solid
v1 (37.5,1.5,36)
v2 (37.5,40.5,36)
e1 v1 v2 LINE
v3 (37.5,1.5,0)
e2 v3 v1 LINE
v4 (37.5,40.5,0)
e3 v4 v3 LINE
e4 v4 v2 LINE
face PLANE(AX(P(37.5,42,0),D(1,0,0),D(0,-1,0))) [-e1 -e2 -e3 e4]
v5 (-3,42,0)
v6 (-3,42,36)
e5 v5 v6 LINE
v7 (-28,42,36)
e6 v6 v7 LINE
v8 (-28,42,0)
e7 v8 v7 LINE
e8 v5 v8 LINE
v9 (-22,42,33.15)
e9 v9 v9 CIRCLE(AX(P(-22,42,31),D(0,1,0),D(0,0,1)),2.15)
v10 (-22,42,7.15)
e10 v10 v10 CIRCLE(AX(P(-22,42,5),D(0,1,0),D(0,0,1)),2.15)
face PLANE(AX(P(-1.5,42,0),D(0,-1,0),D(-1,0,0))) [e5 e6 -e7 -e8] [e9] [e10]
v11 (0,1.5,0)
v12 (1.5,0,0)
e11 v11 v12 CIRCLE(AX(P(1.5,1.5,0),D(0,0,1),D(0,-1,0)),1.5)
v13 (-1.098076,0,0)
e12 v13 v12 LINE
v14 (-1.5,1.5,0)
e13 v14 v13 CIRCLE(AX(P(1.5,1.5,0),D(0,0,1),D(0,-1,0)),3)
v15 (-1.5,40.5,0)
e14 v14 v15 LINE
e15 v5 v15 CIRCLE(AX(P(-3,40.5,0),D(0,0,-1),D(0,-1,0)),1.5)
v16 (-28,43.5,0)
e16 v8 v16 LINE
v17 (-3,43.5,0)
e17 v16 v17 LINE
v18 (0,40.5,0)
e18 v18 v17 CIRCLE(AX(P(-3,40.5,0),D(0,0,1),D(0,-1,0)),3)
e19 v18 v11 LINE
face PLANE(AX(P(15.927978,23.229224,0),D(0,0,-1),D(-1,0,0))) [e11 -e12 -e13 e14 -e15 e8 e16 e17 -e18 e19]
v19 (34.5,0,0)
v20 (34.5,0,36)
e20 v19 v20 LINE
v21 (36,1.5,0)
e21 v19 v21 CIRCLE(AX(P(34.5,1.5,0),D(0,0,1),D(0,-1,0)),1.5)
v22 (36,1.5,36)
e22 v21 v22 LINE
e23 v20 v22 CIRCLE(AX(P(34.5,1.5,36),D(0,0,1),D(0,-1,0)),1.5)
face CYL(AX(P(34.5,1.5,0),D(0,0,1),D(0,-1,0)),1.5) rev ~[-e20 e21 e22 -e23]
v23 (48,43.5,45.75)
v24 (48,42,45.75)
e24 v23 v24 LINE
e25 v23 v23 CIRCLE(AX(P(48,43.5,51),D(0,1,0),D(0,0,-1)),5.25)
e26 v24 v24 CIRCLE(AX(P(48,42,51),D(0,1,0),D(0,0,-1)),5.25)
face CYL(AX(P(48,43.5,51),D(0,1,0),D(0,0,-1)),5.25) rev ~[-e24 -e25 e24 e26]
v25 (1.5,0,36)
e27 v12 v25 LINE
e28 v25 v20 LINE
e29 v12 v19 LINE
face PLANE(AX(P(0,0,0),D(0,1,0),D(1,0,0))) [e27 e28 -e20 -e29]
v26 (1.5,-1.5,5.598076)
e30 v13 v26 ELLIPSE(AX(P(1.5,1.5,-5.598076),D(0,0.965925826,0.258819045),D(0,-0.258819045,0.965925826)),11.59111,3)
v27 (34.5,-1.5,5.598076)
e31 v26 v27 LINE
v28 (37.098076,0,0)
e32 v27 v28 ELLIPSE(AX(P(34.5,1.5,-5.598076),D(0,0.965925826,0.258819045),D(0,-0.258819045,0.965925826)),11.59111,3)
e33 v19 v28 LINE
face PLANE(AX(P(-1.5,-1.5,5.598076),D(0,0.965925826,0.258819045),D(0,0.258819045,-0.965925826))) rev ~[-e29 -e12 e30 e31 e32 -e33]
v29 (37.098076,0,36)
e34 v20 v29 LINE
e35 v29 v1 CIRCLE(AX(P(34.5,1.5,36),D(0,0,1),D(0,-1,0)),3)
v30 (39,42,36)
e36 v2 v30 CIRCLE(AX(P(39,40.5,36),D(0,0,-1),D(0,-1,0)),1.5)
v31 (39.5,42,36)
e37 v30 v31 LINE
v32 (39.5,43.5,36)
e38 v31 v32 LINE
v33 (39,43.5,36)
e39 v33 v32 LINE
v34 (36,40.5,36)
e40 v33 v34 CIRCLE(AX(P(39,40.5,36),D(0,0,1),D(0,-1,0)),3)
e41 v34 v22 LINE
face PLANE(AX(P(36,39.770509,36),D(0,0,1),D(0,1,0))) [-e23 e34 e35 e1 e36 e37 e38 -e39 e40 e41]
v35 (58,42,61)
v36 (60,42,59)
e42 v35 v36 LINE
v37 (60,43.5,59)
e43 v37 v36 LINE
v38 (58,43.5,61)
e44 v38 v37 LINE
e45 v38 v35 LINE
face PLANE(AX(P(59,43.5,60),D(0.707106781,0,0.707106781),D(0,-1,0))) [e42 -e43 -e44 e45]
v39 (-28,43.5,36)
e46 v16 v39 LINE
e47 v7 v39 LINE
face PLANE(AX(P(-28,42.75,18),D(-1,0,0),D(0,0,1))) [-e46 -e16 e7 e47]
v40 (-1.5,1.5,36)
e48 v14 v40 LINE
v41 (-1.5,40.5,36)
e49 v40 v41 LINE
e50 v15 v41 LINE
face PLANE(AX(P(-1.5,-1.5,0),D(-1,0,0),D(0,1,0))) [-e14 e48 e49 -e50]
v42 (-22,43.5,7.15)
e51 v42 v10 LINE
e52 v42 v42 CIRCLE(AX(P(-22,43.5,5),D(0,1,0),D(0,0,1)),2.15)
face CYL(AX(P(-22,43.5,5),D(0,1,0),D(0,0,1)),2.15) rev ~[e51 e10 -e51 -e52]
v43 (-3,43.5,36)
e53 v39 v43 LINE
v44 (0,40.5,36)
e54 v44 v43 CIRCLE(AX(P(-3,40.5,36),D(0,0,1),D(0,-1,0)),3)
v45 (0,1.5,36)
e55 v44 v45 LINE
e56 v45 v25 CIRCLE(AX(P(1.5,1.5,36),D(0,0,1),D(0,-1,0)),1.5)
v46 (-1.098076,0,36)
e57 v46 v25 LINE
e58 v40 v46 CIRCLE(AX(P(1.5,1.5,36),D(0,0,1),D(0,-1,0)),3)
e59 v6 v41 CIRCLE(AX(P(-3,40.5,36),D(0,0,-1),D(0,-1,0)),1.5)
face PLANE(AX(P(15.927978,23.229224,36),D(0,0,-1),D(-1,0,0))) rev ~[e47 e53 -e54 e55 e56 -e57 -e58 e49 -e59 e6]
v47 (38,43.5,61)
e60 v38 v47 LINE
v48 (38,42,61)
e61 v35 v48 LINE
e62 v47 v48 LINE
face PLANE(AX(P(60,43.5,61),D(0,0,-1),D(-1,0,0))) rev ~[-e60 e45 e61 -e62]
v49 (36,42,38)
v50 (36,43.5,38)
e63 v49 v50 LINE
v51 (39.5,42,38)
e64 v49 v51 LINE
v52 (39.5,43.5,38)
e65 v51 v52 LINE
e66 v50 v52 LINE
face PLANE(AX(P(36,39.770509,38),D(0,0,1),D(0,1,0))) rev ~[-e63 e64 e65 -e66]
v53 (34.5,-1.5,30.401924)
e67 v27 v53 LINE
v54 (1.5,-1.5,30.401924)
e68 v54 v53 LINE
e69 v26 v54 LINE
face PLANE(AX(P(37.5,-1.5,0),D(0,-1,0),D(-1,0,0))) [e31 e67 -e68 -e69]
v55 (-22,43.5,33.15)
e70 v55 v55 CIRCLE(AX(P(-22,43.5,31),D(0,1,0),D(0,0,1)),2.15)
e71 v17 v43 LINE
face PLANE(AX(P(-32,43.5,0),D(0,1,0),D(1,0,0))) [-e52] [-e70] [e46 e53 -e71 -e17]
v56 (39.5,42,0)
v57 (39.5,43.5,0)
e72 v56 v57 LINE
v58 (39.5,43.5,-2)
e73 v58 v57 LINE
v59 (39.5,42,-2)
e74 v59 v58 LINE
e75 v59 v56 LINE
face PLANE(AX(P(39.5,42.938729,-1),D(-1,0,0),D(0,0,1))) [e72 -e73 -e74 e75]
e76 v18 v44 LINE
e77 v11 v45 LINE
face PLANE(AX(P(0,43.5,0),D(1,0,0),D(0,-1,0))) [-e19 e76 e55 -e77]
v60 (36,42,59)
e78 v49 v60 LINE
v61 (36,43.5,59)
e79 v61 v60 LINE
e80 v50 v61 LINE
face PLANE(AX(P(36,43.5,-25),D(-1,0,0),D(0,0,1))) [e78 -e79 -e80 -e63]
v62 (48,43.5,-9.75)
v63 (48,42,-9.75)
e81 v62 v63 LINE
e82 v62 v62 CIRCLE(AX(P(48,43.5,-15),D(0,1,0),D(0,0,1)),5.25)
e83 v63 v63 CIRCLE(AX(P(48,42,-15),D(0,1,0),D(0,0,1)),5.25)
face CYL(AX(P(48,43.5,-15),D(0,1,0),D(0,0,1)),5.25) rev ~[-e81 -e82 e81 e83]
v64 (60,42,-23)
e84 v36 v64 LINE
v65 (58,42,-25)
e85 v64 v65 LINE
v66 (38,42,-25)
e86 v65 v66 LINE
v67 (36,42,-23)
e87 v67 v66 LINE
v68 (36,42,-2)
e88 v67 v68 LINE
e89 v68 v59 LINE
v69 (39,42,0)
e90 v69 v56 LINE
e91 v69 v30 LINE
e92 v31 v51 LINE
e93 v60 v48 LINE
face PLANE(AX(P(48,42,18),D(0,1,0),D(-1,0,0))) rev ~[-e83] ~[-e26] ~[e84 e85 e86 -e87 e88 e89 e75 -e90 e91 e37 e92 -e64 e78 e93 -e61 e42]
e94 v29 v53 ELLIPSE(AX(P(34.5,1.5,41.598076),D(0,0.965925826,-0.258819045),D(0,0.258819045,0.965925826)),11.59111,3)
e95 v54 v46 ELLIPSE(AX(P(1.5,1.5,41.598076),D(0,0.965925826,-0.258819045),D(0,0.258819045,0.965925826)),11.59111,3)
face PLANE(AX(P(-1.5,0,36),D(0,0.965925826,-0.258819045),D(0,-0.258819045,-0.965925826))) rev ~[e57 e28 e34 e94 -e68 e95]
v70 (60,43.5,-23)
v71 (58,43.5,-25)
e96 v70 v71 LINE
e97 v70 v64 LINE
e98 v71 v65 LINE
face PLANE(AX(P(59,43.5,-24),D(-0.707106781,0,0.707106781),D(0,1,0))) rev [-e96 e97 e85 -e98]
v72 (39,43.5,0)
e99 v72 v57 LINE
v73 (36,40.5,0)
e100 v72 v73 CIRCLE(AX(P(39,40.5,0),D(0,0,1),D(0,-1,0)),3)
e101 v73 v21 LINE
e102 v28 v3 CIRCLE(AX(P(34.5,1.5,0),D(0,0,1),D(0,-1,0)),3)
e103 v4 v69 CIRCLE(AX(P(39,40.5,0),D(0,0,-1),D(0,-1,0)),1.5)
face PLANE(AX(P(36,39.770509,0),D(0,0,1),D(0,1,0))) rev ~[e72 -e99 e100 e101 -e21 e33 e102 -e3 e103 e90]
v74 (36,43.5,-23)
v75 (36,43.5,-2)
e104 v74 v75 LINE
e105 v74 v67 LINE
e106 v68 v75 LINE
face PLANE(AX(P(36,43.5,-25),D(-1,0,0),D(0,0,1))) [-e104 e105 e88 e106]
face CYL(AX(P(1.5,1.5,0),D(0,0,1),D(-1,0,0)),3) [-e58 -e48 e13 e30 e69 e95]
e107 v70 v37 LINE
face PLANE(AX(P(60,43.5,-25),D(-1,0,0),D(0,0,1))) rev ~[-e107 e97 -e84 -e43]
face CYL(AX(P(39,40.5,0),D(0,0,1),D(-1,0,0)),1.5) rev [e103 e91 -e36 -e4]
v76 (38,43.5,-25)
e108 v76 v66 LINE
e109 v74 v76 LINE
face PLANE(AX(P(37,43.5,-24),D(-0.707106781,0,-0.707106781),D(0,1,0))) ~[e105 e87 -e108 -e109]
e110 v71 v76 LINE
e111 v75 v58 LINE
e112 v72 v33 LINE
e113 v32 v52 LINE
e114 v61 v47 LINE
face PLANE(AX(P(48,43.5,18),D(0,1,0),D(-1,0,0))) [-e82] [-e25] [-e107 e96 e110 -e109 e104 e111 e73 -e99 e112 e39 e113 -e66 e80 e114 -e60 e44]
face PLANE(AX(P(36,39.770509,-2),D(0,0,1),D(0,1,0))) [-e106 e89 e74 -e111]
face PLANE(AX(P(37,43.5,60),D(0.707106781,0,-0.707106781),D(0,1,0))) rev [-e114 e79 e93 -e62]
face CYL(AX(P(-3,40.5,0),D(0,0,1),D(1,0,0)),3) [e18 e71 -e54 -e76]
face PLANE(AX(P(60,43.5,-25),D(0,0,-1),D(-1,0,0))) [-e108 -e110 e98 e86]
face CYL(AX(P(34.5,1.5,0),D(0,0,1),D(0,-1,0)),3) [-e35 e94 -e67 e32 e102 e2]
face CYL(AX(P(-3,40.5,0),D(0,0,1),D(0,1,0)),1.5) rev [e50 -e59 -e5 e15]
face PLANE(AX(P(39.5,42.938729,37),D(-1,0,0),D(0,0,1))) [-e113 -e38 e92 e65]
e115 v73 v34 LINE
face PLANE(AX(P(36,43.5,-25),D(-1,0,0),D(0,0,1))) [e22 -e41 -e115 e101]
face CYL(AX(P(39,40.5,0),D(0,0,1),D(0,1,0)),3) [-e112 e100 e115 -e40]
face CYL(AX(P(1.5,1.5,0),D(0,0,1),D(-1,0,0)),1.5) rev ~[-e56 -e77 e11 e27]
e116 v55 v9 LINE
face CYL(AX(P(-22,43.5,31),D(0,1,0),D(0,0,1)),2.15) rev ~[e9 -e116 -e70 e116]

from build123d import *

# Parameters (mm, degrees)
EXTRUDE_1_DEPTH     = 36
SKETCH_2_R          = 2.15
CUT_EXTRUDE_1_DEPTH = 35
FILLET_1_R          = 1.5
FILLET_2_R          = 3
CUT_EXTRUDE_5_DEPTH = 50
SKETCH_5_W          = 24
SKETCH_5_H          = 86
SKETCH_5_R          = 5.25
EXTRUDE_2_DEPTH     = 1.5
SKETCH_6_W          = 2
SKETCH_6_H          = 6.336440046
CUT_EXTRUDE_6_DEPTH = 3.5
FILLET_3_R          = 1.5
FILLET_4_R          = 3
CHAMFER_1_SIZE      = 2
SKETCH_7_W          = 36
SKETCH_7_H          = 1.5
CUT_EXTRUDE_7_DEPTH = 4


with BuildPart() as part:
    # Эскиз1 → Вытянуть1 (new body)
    with BuildSketch(Plane.XY):
        Polygon((-32, 43.5), (0, 43.5), (0, 0), (36, 0), (36, 43.5), (60, 43.5), (60, 42), (37.5, 42), (37.5, -1.5), (-1.5, -1.5), (-1.5, 42), (-32, 42), align=None)
    extrude(amount=EXTRUDE_1_DEPTH)

    # Эскиз2 → Вырез-Вытянуть1 (cut)
    with BuildSketch(Plane(origin=(0, 43.5, 0), x_dir=(-1, 0, 0), z_dir=(0, 1, 0))):
        with Locations(Location((22, 5, 0), (0, 0, 90))):
            Circle(SKETCH_2_R)
        with Locations(Location((22, 31, 0), (0, 0, 90))):
            Circle(SKETCH_2_R)
    extrude(amount=-CUT_EXTRUDE_1_DEPTH, mode=Mode.SUBTRACT)

    # Скругление1
    fillet_1_edges = [part.edges().sort_by_distance(p)[0] for p in [
        (0, 0, 18),
        (36, 0, 18),
        (-1.5, 42, 18),
    ]]
    fillet(fillet_1_edges, radius=FILLET_1_R)

    # Скругление2
    fillet_2_edges = [part.edges().sort_by_distance(p)[0] for p in [
        (0, 43.5, 18),
        (37.5, -1.5, 18),
        (-1.5, -1.5, 18),
    ]]
    fillet(fillet_2_edges, radius=FILLET_2_R)

    # Эскиз4 → Вырез-Вытянуть5 (cut)
    with BuildSketch(Plane.ZY.offset(1.5)):
        Polygon((36, 0), (30.401923789, -1.5), (5.598076211, -1.5), (0, 0), (0, -9.726752533), (36, -8.93099636), align=None)
    extrude(amount=-CUT_EXTRUDE_5_DEPTH, mode=Mode.SUBTRACT)

    # Эскиз5 → Вытянуть2 (add)
    with BuildSketch(Plane(origin=(0, 43.5, 0), x_dir=(-1, 0, 0), z_dir=(0, 1, 0))):
        with Locations((-48, 18)):
            Rectangle(SKETCH_5_W, SKETCH_5_H)
        with Locations(Location((-48, -15, 0), (0, 0, 90))):
            Circle(SKETCH_5_R, mode=Mode.SUBTRACT)
        with Locations(Location((-48, 51, 0), (0, 0, 270))):
            Circle(SKETCH_5_R, mode=Mode.SUBTRACT)
    extrude(amount=-EXTRUDE_2_DEPTH)

    # Эскиз6 → Вырез-Вытянуть6 (cut)
    with BuildSketch(Plane.ZY.offset(-36)):
        with Locations((37, 42.938728947)):
            Rectangle(SKETCH_6_W, SKETCH_6_H)
        with Locations((-1, 42.938728947)):
            Rectangle(SKETCH_6_W, SKETCH_6_H)
    extrude(amount=-CUT_EXTRUDE_6_DEPTH, mode=Mode.SUBTRACT)

    # Скругление3
    fillet_3_edges = [part.edges().sort_by_distance(p)[0] for p in [
        (37.5, 42, 18),
    ]]
    fillet(fillet_3_edges, radius=FILLET_3_R)

    # Скругление4
    fillet_4_edges = [part.edges().sort_by_distance(p)[0] for p in [
        (36, 43.5, 18),
    ]]
    fillet(fillet_4_edges, radius=FILLET_4_R)

    # Фаска1
    chamfer_1_edges = [part.edges().sort_by_distance(p)[0] for p in [
        (36, 42.75, 61),
        (36, 42.75, -25),
        (60, 42.75, -25),
        (60, 42.75, 61),
    ]]
    chamfer(chamfer_1_edges, length=CHAMFER_1_SIZE)

    # Эскиз7 → Вырез-Вытянуть7 (cut)
    with BuildSketch(Plane.ZY.offset(32)):
        with Locations((18, 42.75)):
            Rectangle(SKETCH_7_W, SKETCH_7_H)
    extrude(amount=-CUT_EXTRUDE_7_DEPTH, mode=Mode.SUBTRACT)


solid = part.part
